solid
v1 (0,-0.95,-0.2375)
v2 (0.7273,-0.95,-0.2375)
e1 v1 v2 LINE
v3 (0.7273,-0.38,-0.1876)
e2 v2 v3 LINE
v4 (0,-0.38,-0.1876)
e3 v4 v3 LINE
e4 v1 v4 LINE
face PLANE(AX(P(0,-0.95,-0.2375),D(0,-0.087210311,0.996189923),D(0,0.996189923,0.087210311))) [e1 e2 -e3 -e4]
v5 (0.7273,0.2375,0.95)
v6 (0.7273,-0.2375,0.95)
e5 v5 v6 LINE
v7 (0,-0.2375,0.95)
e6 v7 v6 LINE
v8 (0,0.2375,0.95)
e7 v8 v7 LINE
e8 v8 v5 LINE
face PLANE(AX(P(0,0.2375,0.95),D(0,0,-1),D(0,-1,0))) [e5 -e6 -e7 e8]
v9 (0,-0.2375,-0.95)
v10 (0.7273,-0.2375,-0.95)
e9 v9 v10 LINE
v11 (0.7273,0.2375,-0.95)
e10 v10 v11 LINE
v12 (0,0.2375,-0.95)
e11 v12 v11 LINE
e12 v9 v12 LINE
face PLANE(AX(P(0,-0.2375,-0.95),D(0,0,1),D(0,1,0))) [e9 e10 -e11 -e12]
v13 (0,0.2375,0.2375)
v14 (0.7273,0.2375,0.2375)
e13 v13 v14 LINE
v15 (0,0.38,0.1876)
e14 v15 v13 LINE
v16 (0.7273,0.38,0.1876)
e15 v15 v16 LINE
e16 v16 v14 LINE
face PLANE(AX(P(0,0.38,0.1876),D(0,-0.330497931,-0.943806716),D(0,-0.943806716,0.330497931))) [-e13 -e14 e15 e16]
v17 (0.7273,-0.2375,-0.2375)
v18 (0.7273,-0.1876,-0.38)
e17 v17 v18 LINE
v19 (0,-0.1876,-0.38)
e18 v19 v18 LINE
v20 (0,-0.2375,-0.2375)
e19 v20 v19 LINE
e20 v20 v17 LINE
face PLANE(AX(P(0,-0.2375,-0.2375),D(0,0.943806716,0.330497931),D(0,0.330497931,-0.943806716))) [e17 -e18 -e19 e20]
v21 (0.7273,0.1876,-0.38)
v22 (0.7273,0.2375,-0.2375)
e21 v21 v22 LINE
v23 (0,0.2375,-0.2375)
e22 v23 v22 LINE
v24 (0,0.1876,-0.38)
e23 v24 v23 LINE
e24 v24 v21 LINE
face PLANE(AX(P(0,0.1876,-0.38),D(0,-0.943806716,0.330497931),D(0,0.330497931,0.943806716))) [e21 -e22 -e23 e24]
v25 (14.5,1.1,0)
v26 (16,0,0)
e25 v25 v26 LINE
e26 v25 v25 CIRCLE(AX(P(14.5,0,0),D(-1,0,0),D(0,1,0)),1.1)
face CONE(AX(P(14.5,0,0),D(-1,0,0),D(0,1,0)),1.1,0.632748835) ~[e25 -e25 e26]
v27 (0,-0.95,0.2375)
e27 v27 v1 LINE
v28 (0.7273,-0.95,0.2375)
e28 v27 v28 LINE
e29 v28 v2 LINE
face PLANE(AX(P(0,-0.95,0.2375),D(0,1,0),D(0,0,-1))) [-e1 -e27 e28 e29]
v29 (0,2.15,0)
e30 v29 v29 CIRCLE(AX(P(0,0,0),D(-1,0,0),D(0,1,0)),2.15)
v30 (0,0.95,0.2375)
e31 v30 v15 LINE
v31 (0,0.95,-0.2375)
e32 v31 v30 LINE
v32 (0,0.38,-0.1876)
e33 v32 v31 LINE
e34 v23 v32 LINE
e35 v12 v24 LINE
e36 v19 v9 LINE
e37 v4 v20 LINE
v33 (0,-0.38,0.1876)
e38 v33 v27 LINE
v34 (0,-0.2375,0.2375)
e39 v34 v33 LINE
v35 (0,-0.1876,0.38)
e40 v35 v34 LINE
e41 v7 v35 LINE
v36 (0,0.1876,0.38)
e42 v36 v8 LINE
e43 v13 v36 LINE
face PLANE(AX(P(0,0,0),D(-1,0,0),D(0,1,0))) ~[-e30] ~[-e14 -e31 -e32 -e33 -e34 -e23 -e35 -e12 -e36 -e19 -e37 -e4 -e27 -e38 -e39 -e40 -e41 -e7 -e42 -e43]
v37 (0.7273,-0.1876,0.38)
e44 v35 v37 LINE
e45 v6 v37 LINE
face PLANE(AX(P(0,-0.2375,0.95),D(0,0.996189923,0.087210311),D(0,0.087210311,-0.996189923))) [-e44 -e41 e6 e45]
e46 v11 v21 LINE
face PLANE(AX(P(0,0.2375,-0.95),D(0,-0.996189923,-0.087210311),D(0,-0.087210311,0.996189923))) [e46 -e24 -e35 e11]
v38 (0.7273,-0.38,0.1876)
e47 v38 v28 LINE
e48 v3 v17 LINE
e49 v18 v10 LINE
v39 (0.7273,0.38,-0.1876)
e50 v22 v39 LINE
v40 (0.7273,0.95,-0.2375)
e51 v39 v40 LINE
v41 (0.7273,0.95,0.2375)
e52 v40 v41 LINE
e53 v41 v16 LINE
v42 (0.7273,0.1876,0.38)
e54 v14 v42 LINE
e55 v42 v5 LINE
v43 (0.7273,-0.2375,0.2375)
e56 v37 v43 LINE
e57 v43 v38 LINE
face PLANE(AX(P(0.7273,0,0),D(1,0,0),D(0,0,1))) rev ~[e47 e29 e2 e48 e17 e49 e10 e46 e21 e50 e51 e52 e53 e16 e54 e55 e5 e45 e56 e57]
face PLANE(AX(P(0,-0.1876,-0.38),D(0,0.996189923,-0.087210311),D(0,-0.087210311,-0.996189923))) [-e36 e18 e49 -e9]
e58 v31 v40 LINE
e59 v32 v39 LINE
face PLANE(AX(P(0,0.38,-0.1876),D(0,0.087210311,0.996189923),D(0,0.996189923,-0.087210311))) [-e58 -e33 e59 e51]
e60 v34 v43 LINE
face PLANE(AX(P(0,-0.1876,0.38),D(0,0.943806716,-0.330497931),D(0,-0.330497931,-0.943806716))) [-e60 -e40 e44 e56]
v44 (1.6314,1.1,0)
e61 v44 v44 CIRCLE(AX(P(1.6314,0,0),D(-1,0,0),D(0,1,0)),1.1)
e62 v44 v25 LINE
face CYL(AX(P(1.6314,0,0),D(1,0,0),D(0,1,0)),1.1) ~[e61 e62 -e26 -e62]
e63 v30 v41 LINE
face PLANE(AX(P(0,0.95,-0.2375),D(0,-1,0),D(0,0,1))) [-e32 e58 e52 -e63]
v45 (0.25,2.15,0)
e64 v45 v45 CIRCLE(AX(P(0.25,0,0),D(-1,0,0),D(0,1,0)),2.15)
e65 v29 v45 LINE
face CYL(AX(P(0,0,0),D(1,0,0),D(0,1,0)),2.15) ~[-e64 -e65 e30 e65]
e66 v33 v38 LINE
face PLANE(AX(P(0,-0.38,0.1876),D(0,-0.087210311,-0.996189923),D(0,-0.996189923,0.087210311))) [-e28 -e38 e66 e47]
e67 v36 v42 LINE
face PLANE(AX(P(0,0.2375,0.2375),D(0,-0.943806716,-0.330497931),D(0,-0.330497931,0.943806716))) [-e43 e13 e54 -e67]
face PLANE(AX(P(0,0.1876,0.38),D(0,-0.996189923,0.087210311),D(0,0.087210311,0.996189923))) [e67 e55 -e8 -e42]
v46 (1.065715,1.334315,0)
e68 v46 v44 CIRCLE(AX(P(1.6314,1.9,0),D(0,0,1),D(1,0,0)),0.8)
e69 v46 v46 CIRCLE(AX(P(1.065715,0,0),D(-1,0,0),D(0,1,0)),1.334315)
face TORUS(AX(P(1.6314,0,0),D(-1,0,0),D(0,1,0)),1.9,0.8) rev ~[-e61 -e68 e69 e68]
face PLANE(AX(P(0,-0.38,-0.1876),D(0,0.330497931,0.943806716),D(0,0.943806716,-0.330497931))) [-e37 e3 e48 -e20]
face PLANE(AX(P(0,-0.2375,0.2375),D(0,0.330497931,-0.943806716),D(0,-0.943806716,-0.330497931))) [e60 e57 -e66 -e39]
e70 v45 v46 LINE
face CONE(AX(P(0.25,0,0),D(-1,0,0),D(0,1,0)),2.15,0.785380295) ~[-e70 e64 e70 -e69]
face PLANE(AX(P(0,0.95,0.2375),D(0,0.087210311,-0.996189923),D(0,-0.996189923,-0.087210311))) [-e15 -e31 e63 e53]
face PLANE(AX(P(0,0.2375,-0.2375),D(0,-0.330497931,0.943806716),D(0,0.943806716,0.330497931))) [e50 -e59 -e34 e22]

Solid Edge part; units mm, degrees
sketch "Sketch1" plane through (0, 0, 0) normal (0, 0, 1) x (1, 0, 0)
  line L0 (0, 0) -> (0, 2.15)
  line L1 (0, 2.15) -> (0.25, 2.15)
  line L2 (0.25, 2.15) -> (1.0657, 1.3343)
  arc A0 (1.0657, 1.3343) -> (1.6314, 1.1) centre (1.6314, 1.9) ccw
  line L3 (1.6314, 1.1) -> (14.5, 1.1)
  line L4 (14.5, 1.1) -> (16, 0)
  line L5 (16, 0) -> (0, 0)
revolve "RevolvedProtrusion1" add sketch "Sketch1" angle 360 about axis through (20.3, 0, 0) along (-1, 0, 0)
cosmetic_thread "Thread_1" size "M2.2" thread depth 12.4
sketch "Sketch2" plane through (0, 0, 0) normal (1, 0, 0) x (0, 1, 0)
  line L0 (0.2375, 0.95) -> (-0.2375, 0.95)
  line L1 (-0.2375, 0.95) -> (-0.1876, 0.38)
  line L2 (-0.1876, 0.38) -> (-0.2375, 0.2375)
  line L3 (-0.2375, 0.2375) -> (-0.38, 0.1876)
  line L4 (-0.38, 0.1876) -> (-0.95, 0.2375)
  line L5 (-0.95, 0.2375) -> (-0.95, -0.2375)
  line L6 (-0.95, -0.2375) -> (-0.38, -0.1876)
  line L7 (-0.38, -0.1876) -> (-0.2375, -0.2375)
  line L8 (-0.2375, -0.2375) -> (-0.1876, -0.38)
  line L9 (-0.1876, -0.38) -> (-0.2375, -0.95)
  line L10 (-0.2375, -0.95) -> (0.2375, -0.95)
  line L11 (0.2375, -0.95) -> (0.1876, -0.38)
  line L12 (0.1876, -0.38) -> (0.2375, -0.2375)
  line L13 (0.2375, -0.2375) -> (0.38, -0.1876)
  line L14 (0.38, -0.1876) -> (0.95, -0.2375)
  line L15 (0.95, -0.2375) -> (0.95, 0.2375)
  line L16 (0.95, 0.2375) -> (0.38, 0.1876)
  line L17 (0.38, 0.1876) -> (0.2375, 0.2375)
  line L18 (0.2375, 0.2375) -> (0.1876, 0.38)
  line L19 (0.1876, 0.38) -> (0.2375, 0.95)
extrude "ExtrudedCutout_1" cut sketch "Sketch2" along normal blind 0.7273
properties part number "bene_inox_212409-2,2X16"
